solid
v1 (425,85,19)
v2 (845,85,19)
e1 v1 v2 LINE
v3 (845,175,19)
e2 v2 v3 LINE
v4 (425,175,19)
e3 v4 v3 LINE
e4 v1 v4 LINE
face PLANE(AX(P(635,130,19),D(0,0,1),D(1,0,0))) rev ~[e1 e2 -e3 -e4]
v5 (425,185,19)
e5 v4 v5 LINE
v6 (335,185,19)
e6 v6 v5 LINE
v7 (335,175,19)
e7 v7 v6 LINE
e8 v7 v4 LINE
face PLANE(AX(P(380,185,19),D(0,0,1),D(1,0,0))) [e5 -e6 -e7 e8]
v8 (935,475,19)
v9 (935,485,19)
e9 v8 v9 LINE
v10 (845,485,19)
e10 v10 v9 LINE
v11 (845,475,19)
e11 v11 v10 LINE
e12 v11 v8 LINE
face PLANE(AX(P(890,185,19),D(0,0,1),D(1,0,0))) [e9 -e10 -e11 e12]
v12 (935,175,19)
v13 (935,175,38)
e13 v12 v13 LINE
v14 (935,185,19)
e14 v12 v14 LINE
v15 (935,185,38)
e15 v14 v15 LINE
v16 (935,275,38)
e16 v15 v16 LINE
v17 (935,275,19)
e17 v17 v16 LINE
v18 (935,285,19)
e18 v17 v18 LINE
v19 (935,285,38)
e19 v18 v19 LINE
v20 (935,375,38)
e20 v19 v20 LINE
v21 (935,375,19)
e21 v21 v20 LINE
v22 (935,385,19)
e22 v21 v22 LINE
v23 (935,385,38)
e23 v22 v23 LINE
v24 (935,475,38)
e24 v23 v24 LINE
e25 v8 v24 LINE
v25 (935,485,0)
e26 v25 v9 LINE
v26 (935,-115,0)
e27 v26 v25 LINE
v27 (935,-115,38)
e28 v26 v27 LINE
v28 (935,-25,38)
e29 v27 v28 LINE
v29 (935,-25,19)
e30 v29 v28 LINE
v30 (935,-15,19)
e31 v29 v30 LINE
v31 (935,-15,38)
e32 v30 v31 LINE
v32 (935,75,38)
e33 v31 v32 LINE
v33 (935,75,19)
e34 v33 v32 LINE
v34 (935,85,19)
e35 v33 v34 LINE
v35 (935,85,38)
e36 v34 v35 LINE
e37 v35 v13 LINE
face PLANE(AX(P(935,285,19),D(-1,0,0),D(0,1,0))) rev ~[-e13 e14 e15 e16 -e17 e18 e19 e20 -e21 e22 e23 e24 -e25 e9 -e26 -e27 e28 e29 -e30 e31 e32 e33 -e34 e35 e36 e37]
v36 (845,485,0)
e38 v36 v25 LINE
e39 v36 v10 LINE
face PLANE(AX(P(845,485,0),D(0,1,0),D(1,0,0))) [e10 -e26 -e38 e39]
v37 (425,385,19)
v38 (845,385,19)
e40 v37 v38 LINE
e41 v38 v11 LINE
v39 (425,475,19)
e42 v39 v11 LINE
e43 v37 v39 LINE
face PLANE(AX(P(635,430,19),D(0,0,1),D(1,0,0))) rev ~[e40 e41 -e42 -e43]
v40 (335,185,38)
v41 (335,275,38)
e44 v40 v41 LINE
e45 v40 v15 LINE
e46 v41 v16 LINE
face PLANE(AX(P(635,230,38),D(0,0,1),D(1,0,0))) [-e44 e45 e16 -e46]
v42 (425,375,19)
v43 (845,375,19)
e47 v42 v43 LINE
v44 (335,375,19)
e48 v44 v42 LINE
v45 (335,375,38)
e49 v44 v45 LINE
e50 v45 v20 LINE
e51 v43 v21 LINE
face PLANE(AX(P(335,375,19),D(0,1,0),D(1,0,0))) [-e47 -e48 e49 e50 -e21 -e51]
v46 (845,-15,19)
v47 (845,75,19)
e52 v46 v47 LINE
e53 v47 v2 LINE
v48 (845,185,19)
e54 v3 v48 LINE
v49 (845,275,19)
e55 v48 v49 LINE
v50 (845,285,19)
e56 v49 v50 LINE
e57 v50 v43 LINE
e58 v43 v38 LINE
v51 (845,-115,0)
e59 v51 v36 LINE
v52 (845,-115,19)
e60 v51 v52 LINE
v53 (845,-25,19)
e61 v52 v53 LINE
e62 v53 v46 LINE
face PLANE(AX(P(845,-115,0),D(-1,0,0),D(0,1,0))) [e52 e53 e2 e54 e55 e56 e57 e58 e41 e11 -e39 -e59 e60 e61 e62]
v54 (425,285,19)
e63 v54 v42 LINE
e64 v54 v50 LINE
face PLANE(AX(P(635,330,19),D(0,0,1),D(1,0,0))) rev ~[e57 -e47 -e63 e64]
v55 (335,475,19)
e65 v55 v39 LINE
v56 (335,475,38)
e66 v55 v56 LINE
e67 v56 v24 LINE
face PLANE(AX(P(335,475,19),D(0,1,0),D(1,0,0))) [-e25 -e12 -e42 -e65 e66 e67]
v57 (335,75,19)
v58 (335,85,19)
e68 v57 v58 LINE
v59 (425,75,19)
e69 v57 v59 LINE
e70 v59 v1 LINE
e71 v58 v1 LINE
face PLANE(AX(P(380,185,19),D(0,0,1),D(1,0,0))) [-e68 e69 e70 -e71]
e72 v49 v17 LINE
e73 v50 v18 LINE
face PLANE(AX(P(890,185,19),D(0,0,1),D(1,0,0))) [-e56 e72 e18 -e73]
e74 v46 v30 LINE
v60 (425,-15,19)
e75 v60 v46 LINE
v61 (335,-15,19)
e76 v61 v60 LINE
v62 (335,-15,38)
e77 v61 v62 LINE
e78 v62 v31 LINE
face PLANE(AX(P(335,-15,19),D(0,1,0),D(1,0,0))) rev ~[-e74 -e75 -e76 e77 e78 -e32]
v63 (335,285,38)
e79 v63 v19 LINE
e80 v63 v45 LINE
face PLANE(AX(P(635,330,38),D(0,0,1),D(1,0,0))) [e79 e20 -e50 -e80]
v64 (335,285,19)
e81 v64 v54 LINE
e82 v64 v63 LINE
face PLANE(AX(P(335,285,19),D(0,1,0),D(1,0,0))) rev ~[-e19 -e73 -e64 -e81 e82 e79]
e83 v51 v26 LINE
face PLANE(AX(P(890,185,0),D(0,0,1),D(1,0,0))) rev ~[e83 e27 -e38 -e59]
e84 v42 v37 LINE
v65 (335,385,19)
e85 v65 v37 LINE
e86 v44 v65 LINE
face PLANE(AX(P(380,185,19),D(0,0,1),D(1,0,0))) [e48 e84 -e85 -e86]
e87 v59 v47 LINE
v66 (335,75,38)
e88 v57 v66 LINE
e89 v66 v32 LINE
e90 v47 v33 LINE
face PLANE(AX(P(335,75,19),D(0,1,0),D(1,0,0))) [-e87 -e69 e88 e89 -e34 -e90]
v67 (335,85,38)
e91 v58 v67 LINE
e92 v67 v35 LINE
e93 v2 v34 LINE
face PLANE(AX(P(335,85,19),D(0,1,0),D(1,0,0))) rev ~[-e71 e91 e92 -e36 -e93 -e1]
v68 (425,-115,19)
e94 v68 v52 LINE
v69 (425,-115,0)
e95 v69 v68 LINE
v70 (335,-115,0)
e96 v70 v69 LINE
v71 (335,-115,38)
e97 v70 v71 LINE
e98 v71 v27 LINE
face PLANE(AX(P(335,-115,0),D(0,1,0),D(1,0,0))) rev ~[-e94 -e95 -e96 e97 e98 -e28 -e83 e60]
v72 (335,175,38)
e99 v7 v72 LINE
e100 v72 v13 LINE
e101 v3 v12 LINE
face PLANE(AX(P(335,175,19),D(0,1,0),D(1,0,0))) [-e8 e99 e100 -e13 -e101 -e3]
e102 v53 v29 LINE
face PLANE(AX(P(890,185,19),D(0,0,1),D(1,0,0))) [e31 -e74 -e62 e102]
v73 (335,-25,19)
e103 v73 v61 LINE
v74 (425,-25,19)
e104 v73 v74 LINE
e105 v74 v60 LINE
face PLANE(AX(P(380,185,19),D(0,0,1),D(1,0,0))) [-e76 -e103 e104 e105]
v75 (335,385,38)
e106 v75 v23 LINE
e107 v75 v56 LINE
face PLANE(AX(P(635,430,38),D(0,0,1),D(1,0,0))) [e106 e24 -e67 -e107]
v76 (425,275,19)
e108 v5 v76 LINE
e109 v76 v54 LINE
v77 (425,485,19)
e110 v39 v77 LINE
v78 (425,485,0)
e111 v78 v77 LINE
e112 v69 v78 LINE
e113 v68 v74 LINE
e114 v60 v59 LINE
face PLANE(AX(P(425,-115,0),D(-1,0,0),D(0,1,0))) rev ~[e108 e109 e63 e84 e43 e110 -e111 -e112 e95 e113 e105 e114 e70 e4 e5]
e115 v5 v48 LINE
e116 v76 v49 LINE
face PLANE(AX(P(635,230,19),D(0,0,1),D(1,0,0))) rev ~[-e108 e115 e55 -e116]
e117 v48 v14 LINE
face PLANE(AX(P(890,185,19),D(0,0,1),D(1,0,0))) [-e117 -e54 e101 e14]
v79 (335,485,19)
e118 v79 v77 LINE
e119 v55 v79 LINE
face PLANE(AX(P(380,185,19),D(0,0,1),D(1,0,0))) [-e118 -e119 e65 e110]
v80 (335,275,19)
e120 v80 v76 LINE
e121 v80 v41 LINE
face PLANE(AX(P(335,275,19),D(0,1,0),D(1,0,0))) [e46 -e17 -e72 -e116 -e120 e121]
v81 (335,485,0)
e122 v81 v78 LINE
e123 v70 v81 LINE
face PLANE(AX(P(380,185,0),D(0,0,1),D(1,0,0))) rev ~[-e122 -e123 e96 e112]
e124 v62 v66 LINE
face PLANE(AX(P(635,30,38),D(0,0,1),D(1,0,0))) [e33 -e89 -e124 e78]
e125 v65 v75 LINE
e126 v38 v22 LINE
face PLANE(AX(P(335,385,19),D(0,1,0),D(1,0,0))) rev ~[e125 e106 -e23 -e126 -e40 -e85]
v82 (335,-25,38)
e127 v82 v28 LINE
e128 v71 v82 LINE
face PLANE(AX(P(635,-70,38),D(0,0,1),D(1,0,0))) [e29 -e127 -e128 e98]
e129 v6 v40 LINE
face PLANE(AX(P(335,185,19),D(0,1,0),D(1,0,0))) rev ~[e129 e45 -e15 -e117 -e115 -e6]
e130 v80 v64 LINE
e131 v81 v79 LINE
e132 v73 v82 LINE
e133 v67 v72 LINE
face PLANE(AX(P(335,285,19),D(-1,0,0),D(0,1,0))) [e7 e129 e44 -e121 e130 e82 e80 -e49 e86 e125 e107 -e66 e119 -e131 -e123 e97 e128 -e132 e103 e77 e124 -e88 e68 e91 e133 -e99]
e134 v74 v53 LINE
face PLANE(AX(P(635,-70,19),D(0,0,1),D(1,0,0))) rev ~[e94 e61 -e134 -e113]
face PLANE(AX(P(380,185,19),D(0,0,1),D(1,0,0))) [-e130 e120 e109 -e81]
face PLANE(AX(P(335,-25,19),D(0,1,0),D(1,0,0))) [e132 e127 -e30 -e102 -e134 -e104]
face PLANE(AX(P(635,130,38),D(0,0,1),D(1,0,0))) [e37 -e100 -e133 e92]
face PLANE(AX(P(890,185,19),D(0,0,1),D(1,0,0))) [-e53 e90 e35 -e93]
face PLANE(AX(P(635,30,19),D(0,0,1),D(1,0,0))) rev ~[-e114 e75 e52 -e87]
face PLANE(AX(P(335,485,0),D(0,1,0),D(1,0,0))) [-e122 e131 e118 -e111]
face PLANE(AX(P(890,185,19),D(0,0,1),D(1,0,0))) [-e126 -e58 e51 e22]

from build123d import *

# Parameters (mm, degrees)
BOX077_W     = 600
BOX077_H     = 90
BOX077_DEPTH = 19
BOX076_W     = 600
BOX076_H     = 90
BOX076_DEPTH = 19
BOX082_W     = 90
BOX082_H     = 600
BOX082_DEPTH = 19
BOX079_W     = 600
BOX079_H     = 90
BOX079_DEPTH = 19
BOX078_W     = 600
BOX078_H     = 90
BOX078_DEPTH = 19
BOX081_W     = 600
BOX081_H     = 90
BOX081_DEPTH = 19
BOX080_W     = 600
BOX080_H     = 90
BOX080_DEPTH = 19
BOX083_W     = 90
BOX083_H     = 600
BOX083_DEPTH = 19


with BuildPart() as cube049:
    # Box077 → Box077 (new body)
    with BuildSketch(Plane(origin=(0, 100, 0), x_dir=(1, 0, 0), z_dir=(0, 0, 1))):
        with Locations((300, 45)):
            Rectangle(BOX077_W, BOX077_H)
    extrude(amount=BOX077_DEPTH)


with BuildPart() as cube048:
    # Box076 → Box076 (new body)
    with BuildSketch(Plane.XY):
        with Locations((300, 45)):
            Rectangle(BOX076_W, BOX076_H)
    extrude(amount=BOX076_DEPTH)


with BuildPart() as cube054:
    # Box082 → Box082 (new body)
    with BuildSketch(Plane.XY.offset(-19)):
        with Locations((45, 300)):
            Rectangle(BOX082_W, BOX082_H)
    extrude(amount=BOX082_DEPTH)


with BuildPart() as cube051:
    # Box079 → Box079 (new body)
    with BuildSketch(Plane(origin=(0, 300, 0), x_dir=(1, 0, 0), z_dir=(0, 0, 1))):
        with Locations((300, 45)):
            Rectangle(BOX079_W, BOX079_H)
    extrude(amount=BOX079_DEPTH)


with BuildPart() as cube050:
    # Box078 → Box078 (new body)
    with BuildSketch(Plane(origin=(0, 200, 0), x_dir=(1, 0, 0), z_dir=(0, 0, 1))):
        with Locations((300, 45)):
            Rectangle(BOX078_W, BOX078_H)
    extrude(amount=BOX078_DEPTH)


with BuildPart() as cube053:
    # Box081 → Box081 (new body)
    with BuildSketch(Plane(origin=(0, 500, 0), x_dir=(1, 0, 0), z_dir=(0, 0, 1))):
        with Locations((300, 45)):
            Rectangle(BOX081_W, BOX081_H)
    extrude(amount=BOX081_DEPTH)


with BuildPart() as cube052:
    # Box080 → Box080 (new body)
    with BuildSketch(Plane(origin=(0, 400, 0), x_dir=(1, 0, 0), z_dir=(0, 0, 1))):
        with Locations((300, 45)):
            Rectangle(BOX080_W, BOX080_H)
    extrude(amount=BOX080_DEPTH)


with BuildPart() as tuintegel_60x60:
    # Box083 → Box083 (new body)
    with BuildSketch(Plane(origin=(510, 0, -19), x_dir=(1, 0, 0), z_dir=(0, 0, 1))):
        with Locations((45, 300)):
            Rectangle(BOX083_W, BOX083_H)
    extrude(amount=BOX083_DEPTH)

    # Fusion014: union Cube049, Cube048, Cube054, Cube051, Cube050, Cube053, Cube052
    add(cube049.part)
    add(cube048.part)
    add(cube054.part)
    add(cube051.part)
    add(cube050.part)
    add(cube053.part)
    add(cube052.part)


with BuildPart() as tuintegel_60x60_1:
    # Fusion014 placement: moved
    add(tuintegel_60x60.part.moved(Location((335, -115, 19))))


solid = tuintegel_60x60_1.part
